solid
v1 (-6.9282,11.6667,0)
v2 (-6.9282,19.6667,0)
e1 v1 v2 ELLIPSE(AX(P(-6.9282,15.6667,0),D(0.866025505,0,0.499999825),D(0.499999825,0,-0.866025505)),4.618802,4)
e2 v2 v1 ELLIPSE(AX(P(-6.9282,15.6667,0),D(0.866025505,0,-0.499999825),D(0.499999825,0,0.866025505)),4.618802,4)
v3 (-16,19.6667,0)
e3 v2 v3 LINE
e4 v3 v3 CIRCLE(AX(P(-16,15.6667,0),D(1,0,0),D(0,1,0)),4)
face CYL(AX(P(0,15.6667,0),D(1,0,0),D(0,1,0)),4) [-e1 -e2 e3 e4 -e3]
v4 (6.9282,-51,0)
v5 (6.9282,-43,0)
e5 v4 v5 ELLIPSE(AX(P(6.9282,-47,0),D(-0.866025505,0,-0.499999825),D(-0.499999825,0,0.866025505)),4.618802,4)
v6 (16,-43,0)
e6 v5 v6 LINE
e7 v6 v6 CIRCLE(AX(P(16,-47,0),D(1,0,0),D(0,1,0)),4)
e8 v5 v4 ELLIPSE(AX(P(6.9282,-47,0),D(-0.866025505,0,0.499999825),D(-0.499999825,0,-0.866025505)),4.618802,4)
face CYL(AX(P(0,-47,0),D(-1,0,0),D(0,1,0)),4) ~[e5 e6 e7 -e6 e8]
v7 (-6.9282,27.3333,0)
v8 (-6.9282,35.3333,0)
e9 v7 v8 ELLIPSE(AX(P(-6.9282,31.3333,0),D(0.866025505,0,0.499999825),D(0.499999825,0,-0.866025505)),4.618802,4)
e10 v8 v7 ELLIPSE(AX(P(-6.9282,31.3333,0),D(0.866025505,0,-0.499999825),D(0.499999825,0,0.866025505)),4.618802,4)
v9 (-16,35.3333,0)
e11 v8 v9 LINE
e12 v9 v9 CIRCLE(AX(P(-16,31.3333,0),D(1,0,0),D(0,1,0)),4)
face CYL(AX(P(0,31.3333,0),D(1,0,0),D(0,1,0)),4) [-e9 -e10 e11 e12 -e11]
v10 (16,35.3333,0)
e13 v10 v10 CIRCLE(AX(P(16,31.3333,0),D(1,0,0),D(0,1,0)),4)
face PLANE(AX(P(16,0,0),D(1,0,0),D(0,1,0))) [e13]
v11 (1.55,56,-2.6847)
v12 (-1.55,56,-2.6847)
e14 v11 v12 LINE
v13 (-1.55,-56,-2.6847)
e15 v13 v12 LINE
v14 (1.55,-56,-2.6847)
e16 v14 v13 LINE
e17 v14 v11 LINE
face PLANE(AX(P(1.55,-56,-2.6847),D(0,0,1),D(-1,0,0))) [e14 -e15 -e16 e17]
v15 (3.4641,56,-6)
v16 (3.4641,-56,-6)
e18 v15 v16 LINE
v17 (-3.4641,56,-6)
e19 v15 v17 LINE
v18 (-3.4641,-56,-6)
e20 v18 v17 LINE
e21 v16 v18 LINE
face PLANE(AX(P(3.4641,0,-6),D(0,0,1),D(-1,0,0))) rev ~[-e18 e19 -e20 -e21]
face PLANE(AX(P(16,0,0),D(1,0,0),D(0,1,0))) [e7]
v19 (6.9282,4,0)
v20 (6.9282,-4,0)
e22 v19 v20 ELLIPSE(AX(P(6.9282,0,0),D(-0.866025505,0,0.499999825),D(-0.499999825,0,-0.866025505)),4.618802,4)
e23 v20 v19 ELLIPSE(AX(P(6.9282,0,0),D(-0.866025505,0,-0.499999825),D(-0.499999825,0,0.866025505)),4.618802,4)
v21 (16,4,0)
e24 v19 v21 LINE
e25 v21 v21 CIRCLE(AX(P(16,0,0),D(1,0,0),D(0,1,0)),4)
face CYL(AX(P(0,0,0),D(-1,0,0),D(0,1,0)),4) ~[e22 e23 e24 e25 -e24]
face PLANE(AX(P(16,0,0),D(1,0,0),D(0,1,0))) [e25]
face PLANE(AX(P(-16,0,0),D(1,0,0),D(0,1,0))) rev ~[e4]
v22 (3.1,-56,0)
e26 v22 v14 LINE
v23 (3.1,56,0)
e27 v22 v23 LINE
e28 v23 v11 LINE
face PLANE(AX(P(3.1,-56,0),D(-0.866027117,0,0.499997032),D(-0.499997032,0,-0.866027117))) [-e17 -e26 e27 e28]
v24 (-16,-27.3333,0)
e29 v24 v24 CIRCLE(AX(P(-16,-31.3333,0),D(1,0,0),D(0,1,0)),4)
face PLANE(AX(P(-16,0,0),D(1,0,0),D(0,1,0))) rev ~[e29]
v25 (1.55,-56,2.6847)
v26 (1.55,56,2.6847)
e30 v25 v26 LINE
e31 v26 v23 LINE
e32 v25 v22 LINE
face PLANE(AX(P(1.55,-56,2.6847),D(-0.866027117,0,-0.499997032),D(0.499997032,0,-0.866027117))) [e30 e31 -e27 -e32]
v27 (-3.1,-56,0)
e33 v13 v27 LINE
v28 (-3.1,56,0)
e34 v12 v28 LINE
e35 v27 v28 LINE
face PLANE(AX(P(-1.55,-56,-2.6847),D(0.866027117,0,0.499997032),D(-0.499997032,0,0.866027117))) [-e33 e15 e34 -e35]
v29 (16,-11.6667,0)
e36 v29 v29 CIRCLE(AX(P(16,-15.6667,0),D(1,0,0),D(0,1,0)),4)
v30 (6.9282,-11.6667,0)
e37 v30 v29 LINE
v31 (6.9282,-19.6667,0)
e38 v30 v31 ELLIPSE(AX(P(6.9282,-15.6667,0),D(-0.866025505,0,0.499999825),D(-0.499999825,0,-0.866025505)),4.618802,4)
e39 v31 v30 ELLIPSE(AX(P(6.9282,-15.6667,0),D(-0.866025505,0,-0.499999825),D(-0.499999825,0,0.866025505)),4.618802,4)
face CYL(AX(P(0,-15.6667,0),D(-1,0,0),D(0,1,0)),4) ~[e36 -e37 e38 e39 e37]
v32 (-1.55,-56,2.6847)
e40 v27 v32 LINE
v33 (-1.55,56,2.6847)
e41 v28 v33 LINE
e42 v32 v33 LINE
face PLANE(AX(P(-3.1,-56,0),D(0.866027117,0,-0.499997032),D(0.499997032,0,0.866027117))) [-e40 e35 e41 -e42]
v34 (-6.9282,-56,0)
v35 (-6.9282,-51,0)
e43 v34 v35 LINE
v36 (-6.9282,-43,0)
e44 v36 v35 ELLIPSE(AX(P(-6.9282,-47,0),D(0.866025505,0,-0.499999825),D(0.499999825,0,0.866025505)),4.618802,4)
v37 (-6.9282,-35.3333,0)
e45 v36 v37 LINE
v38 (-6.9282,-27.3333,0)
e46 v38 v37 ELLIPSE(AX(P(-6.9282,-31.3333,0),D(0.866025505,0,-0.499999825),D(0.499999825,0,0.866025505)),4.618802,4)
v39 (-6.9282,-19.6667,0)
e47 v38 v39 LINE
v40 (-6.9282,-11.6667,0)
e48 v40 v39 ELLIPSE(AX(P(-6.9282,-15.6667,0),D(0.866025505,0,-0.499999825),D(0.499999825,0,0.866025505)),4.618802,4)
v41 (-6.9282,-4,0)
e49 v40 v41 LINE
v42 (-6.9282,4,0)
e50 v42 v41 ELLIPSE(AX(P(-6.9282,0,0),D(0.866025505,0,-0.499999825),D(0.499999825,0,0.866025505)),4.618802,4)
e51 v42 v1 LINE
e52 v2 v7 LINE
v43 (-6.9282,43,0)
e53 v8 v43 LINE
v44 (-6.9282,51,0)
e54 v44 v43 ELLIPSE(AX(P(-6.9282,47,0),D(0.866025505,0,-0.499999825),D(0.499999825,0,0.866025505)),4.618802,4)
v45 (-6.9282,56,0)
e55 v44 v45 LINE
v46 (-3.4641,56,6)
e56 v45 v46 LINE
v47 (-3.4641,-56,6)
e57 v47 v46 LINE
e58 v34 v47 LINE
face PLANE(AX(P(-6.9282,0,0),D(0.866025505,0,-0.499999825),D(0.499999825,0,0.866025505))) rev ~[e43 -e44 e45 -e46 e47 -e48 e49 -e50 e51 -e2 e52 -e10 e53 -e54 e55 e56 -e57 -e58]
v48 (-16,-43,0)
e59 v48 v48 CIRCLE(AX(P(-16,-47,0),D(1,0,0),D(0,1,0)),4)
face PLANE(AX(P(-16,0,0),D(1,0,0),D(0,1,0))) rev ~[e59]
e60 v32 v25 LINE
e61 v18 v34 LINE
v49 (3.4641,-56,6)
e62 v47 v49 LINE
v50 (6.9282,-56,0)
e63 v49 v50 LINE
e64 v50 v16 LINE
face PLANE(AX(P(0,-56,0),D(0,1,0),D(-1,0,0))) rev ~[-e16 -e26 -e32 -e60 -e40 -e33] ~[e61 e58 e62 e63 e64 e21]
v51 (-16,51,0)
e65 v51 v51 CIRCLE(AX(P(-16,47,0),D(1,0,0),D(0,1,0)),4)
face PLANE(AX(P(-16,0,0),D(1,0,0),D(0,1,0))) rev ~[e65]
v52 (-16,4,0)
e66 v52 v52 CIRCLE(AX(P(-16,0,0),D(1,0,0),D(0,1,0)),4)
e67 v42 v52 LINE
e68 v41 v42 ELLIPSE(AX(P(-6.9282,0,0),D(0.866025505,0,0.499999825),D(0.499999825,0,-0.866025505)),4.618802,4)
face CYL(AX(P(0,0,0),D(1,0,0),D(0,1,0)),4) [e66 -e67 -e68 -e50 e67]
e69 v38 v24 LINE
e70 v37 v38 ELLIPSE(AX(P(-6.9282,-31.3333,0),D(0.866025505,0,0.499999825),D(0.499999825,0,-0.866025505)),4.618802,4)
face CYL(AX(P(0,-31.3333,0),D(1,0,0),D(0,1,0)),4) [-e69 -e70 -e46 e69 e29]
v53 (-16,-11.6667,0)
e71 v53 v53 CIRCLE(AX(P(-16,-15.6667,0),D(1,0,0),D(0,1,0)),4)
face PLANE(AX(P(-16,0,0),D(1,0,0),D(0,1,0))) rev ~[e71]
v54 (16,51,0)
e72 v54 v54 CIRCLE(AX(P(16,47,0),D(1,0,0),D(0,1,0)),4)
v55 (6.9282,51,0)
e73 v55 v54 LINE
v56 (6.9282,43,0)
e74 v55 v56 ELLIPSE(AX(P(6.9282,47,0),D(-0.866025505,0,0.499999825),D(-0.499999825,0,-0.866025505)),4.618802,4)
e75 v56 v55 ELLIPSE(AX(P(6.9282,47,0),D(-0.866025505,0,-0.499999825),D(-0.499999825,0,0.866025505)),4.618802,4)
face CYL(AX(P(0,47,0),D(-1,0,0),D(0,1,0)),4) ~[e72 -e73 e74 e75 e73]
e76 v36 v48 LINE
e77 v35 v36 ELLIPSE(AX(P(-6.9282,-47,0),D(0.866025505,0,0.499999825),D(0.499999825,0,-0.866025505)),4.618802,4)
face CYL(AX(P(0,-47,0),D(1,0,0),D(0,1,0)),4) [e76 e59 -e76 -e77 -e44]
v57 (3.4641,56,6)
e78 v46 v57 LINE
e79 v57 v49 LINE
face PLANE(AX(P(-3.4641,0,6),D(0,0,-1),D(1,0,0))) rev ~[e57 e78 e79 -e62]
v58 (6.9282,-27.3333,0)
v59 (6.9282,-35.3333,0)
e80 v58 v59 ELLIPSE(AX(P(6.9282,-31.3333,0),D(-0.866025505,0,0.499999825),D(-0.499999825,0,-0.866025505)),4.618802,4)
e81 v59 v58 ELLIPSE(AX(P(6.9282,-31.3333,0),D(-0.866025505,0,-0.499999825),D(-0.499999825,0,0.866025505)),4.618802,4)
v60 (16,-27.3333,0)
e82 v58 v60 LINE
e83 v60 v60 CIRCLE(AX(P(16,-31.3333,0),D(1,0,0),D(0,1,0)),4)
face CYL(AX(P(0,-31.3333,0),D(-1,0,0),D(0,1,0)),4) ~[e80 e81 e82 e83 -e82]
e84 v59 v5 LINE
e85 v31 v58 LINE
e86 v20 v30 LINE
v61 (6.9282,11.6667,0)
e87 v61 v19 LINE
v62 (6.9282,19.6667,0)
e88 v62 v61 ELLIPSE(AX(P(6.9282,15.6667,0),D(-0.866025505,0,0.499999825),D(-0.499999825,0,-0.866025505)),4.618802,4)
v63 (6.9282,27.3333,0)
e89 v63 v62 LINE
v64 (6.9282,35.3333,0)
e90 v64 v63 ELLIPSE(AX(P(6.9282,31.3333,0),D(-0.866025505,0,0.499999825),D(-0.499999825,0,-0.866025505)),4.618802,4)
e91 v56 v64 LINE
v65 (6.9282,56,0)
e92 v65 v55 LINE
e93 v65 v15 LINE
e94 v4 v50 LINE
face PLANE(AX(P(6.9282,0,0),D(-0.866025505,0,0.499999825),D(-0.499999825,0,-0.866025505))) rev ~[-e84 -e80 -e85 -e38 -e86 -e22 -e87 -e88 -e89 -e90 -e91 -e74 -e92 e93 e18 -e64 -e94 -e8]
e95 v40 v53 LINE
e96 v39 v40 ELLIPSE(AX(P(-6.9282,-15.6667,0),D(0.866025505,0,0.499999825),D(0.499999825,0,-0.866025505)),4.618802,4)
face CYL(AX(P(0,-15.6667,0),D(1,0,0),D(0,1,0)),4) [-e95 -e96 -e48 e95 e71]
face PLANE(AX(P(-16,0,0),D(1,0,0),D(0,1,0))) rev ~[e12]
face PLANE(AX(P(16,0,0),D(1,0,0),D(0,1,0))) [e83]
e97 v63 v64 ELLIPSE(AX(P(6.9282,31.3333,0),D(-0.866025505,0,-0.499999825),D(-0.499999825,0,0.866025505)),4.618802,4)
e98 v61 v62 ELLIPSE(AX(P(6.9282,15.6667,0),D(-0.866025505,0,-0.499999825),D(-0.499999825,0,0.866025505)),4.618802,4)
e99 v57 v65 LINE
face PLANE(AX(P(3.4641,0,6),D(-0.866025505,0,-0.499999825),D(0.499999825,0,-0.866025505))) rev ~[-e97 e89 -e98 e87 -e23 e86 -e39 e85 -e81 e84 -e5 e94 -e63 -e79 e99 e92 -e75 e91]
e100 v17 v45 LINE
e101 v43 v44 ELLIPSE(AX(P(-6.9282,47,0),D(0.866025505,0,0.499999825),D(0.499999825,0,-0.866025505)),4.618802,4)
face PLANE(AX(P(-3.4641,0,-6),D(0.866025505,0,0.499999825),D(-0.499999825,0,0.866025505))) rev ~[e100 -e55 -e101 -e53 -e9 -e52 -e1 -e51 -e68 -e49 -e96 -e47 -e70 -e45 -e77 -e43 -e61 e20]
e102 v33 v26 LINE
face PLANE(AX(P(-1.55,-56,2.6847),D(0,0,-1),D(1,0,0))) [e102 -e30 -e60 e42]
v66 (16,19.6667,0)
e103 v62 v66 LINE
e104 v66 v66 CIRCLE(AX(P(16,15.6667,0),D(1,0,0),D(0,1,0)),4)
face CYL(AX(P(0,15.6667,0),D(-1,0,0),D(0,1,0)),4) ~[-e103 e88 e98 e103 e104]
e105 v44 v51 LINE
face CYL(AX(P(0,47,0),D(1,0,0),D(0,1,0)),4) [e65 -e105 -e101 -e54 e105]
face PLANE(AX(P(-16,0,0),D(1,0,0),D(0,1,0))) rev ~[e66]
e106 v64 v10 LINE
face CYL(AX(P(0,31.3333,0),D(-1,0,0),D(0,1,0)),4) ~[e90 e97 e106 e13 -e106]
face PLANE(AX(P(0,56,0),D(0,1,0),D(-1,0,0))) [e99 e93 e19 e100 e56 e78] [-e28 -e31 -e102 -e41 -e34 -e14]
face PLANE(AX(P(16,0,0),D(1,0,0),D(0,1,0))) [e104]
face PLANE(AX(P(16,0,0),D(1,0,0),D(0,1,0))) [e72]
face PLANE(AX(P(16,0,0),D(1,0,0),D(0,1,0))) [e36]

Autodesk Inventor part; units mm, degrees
ref_plane "YZ Plane" through (0, 0, 0) normal (1, 0, 0) x (0, 1, 0)
ref_plane "XZ Plane" through (0, 0, 0) normal (0, 1, 0) x (-1, 0, 0)
ref_plane "XY Plane" through (0, 0, 0) normal (0, 0, 1) x (1, 0, 0)
sketch "Outer Diameter Sketch" plane through (0, 0, 0) normal (0, 1, 0) x (-1, 0, 0)
  line L0 (0, -28.0163) -> (0, 28.3344) construction
  line L1 (17.1062, 0) -> (-23.8822, 0) construction
  line L2 (3.4641, -6) -> (6.9282, 0)
  line L3 (6.9282, 0) -> (3.4641, 6)
  line L4 (3.4641, 6) -> (-3.4641, 6)
  line L5 (-3.4641, 6) -> (-6.9282, 0)
  line L6 (-6.9282, 0) -> (-3.4641, -6)
  line L7 (-3.4641, -6) -> (3.4641, -6)
  line L8 (0, -6) -> (0, 6) construction
  line L9 (-6.9282, 0) -> (6.9282, 0) construction
  point P0 (0, 0)
  dimension "d23" = 120
  dimension "d25" = 120
  dimension "d27" = 120
  dimension "d29" = 120
  dimension "d31" = 120
  dimension "d32" = 12
extrude "Outer Diameter Extrusion" add sketch "Outer Diameter Sketch" along normal mid plane 112
sketch "Sketch2" plane through (0, 0, 0) normal (1, 0, 0) x (0, 1, 0)
  circle A0 centre (0, 0) radius 4
  line L0 (-56, 0) -> (0, 0) construction
  line L1 (0, 0) -> (56, 0) construction
  circle A1 centre (15.6667, 0) radius 4
  circle A2 centre (31.3333, 0) radius 4
  circle A3 centre (47, 0) radius 4
  circle A4 centre (-15.6667, 0) radius 4
  circle A5 centre (0, 0) radius 4
  circle A6 centre (15.6667, 0) radius 4
  circle A7 centre (31.3333, 0) radius 4
  circle A8 centre (-31.3333, 0) radius 4
  circle A9 centre (-15.6667, 0) radius 4
  circle A10 centre (0, 0) radius 4
  circle A11 centre (15.6667, 0) radius 4
  circle A12 centre (-47, 0) radius 4
  circle A13 centre (-31.3333, 0) radius 4
  circle A14 centre (-15.6667, 0) radius 4
  circle A15 centre (0, 0) radius 4
  dimension "d3" = 8
  dimension "d5" = 112
  dimension "d8" = 15.6667
  dimension "d11" = 15.6667
extrude "Extrusion2" add sketch "Sketch2" along normal mid plane 32
sketch "Sketch3" plane through (0, -56, 0) normal (0, -1, 0) x (1, 0, 0)
  line L0 (1.55, -2.6847) -> (-1.55, -2.6847)
  line L1 (-1.55, -2.6847) -> (-3.1, 0)
  line L2 (-3.1, 0) -> (-1.55, 2.6847)
  line L3 (-1.55, 2.6847) -> (1.55, 2.6847)
  line L4 (1.55, 2.6847) -> (3.1, 0)
  line L5 (3.1, 0) -> (1.55, -2.6847)
  line L6 (3.1, 0) -> (-3.1, 0) construction
  line L7 (0, 2.6847) -> (0, -2.6847) construction
  line L8 (10.3659, 0) -> (-11.745, 0) construction
  line L9 (0, -9.4896) -> (0, 9.303) construction
  point P0 (0, 0)
  dimension "d33" = 3.1
  dimension "d34" = 3.1
  dimension "d35" = 120
  dimension "d36" = 3.1
  dimension "d37" = 120
  dimension "d38" = 3.1
  dimension "d39" = 120
  dimension "d40" = 3.1
  dimension "d41" = 120
extrude "Extrusion3" cut sketch "Sketch3" against normal up to surface (112 mm away)
equation "\"d1\" = outL"
equation "\"d3\" = pegD"
equation "\"d5\" = outL"
equation "\"d14\" = pegL + 2 * outD"
equation "\"d33\" = inhexSL"
equation "\"d34\" = inhexSL"
equation "\"d36\" = inhexSL"
equation "\"d38\" = inhexSL"
equation "\"d40\" = inhexSL"
equation "\"d42\" = pegL + 2 * outD"
equation "\"outD\" = 12"
equation "\"inhexSL\" = 3.1"
equation "\"outL\" = 112"
equation "\"pegL\" = 8"
equation "\"pegD\" = 8"
equation "\"outhexSL\" = 5"
properties part number "Peg Spinner"
